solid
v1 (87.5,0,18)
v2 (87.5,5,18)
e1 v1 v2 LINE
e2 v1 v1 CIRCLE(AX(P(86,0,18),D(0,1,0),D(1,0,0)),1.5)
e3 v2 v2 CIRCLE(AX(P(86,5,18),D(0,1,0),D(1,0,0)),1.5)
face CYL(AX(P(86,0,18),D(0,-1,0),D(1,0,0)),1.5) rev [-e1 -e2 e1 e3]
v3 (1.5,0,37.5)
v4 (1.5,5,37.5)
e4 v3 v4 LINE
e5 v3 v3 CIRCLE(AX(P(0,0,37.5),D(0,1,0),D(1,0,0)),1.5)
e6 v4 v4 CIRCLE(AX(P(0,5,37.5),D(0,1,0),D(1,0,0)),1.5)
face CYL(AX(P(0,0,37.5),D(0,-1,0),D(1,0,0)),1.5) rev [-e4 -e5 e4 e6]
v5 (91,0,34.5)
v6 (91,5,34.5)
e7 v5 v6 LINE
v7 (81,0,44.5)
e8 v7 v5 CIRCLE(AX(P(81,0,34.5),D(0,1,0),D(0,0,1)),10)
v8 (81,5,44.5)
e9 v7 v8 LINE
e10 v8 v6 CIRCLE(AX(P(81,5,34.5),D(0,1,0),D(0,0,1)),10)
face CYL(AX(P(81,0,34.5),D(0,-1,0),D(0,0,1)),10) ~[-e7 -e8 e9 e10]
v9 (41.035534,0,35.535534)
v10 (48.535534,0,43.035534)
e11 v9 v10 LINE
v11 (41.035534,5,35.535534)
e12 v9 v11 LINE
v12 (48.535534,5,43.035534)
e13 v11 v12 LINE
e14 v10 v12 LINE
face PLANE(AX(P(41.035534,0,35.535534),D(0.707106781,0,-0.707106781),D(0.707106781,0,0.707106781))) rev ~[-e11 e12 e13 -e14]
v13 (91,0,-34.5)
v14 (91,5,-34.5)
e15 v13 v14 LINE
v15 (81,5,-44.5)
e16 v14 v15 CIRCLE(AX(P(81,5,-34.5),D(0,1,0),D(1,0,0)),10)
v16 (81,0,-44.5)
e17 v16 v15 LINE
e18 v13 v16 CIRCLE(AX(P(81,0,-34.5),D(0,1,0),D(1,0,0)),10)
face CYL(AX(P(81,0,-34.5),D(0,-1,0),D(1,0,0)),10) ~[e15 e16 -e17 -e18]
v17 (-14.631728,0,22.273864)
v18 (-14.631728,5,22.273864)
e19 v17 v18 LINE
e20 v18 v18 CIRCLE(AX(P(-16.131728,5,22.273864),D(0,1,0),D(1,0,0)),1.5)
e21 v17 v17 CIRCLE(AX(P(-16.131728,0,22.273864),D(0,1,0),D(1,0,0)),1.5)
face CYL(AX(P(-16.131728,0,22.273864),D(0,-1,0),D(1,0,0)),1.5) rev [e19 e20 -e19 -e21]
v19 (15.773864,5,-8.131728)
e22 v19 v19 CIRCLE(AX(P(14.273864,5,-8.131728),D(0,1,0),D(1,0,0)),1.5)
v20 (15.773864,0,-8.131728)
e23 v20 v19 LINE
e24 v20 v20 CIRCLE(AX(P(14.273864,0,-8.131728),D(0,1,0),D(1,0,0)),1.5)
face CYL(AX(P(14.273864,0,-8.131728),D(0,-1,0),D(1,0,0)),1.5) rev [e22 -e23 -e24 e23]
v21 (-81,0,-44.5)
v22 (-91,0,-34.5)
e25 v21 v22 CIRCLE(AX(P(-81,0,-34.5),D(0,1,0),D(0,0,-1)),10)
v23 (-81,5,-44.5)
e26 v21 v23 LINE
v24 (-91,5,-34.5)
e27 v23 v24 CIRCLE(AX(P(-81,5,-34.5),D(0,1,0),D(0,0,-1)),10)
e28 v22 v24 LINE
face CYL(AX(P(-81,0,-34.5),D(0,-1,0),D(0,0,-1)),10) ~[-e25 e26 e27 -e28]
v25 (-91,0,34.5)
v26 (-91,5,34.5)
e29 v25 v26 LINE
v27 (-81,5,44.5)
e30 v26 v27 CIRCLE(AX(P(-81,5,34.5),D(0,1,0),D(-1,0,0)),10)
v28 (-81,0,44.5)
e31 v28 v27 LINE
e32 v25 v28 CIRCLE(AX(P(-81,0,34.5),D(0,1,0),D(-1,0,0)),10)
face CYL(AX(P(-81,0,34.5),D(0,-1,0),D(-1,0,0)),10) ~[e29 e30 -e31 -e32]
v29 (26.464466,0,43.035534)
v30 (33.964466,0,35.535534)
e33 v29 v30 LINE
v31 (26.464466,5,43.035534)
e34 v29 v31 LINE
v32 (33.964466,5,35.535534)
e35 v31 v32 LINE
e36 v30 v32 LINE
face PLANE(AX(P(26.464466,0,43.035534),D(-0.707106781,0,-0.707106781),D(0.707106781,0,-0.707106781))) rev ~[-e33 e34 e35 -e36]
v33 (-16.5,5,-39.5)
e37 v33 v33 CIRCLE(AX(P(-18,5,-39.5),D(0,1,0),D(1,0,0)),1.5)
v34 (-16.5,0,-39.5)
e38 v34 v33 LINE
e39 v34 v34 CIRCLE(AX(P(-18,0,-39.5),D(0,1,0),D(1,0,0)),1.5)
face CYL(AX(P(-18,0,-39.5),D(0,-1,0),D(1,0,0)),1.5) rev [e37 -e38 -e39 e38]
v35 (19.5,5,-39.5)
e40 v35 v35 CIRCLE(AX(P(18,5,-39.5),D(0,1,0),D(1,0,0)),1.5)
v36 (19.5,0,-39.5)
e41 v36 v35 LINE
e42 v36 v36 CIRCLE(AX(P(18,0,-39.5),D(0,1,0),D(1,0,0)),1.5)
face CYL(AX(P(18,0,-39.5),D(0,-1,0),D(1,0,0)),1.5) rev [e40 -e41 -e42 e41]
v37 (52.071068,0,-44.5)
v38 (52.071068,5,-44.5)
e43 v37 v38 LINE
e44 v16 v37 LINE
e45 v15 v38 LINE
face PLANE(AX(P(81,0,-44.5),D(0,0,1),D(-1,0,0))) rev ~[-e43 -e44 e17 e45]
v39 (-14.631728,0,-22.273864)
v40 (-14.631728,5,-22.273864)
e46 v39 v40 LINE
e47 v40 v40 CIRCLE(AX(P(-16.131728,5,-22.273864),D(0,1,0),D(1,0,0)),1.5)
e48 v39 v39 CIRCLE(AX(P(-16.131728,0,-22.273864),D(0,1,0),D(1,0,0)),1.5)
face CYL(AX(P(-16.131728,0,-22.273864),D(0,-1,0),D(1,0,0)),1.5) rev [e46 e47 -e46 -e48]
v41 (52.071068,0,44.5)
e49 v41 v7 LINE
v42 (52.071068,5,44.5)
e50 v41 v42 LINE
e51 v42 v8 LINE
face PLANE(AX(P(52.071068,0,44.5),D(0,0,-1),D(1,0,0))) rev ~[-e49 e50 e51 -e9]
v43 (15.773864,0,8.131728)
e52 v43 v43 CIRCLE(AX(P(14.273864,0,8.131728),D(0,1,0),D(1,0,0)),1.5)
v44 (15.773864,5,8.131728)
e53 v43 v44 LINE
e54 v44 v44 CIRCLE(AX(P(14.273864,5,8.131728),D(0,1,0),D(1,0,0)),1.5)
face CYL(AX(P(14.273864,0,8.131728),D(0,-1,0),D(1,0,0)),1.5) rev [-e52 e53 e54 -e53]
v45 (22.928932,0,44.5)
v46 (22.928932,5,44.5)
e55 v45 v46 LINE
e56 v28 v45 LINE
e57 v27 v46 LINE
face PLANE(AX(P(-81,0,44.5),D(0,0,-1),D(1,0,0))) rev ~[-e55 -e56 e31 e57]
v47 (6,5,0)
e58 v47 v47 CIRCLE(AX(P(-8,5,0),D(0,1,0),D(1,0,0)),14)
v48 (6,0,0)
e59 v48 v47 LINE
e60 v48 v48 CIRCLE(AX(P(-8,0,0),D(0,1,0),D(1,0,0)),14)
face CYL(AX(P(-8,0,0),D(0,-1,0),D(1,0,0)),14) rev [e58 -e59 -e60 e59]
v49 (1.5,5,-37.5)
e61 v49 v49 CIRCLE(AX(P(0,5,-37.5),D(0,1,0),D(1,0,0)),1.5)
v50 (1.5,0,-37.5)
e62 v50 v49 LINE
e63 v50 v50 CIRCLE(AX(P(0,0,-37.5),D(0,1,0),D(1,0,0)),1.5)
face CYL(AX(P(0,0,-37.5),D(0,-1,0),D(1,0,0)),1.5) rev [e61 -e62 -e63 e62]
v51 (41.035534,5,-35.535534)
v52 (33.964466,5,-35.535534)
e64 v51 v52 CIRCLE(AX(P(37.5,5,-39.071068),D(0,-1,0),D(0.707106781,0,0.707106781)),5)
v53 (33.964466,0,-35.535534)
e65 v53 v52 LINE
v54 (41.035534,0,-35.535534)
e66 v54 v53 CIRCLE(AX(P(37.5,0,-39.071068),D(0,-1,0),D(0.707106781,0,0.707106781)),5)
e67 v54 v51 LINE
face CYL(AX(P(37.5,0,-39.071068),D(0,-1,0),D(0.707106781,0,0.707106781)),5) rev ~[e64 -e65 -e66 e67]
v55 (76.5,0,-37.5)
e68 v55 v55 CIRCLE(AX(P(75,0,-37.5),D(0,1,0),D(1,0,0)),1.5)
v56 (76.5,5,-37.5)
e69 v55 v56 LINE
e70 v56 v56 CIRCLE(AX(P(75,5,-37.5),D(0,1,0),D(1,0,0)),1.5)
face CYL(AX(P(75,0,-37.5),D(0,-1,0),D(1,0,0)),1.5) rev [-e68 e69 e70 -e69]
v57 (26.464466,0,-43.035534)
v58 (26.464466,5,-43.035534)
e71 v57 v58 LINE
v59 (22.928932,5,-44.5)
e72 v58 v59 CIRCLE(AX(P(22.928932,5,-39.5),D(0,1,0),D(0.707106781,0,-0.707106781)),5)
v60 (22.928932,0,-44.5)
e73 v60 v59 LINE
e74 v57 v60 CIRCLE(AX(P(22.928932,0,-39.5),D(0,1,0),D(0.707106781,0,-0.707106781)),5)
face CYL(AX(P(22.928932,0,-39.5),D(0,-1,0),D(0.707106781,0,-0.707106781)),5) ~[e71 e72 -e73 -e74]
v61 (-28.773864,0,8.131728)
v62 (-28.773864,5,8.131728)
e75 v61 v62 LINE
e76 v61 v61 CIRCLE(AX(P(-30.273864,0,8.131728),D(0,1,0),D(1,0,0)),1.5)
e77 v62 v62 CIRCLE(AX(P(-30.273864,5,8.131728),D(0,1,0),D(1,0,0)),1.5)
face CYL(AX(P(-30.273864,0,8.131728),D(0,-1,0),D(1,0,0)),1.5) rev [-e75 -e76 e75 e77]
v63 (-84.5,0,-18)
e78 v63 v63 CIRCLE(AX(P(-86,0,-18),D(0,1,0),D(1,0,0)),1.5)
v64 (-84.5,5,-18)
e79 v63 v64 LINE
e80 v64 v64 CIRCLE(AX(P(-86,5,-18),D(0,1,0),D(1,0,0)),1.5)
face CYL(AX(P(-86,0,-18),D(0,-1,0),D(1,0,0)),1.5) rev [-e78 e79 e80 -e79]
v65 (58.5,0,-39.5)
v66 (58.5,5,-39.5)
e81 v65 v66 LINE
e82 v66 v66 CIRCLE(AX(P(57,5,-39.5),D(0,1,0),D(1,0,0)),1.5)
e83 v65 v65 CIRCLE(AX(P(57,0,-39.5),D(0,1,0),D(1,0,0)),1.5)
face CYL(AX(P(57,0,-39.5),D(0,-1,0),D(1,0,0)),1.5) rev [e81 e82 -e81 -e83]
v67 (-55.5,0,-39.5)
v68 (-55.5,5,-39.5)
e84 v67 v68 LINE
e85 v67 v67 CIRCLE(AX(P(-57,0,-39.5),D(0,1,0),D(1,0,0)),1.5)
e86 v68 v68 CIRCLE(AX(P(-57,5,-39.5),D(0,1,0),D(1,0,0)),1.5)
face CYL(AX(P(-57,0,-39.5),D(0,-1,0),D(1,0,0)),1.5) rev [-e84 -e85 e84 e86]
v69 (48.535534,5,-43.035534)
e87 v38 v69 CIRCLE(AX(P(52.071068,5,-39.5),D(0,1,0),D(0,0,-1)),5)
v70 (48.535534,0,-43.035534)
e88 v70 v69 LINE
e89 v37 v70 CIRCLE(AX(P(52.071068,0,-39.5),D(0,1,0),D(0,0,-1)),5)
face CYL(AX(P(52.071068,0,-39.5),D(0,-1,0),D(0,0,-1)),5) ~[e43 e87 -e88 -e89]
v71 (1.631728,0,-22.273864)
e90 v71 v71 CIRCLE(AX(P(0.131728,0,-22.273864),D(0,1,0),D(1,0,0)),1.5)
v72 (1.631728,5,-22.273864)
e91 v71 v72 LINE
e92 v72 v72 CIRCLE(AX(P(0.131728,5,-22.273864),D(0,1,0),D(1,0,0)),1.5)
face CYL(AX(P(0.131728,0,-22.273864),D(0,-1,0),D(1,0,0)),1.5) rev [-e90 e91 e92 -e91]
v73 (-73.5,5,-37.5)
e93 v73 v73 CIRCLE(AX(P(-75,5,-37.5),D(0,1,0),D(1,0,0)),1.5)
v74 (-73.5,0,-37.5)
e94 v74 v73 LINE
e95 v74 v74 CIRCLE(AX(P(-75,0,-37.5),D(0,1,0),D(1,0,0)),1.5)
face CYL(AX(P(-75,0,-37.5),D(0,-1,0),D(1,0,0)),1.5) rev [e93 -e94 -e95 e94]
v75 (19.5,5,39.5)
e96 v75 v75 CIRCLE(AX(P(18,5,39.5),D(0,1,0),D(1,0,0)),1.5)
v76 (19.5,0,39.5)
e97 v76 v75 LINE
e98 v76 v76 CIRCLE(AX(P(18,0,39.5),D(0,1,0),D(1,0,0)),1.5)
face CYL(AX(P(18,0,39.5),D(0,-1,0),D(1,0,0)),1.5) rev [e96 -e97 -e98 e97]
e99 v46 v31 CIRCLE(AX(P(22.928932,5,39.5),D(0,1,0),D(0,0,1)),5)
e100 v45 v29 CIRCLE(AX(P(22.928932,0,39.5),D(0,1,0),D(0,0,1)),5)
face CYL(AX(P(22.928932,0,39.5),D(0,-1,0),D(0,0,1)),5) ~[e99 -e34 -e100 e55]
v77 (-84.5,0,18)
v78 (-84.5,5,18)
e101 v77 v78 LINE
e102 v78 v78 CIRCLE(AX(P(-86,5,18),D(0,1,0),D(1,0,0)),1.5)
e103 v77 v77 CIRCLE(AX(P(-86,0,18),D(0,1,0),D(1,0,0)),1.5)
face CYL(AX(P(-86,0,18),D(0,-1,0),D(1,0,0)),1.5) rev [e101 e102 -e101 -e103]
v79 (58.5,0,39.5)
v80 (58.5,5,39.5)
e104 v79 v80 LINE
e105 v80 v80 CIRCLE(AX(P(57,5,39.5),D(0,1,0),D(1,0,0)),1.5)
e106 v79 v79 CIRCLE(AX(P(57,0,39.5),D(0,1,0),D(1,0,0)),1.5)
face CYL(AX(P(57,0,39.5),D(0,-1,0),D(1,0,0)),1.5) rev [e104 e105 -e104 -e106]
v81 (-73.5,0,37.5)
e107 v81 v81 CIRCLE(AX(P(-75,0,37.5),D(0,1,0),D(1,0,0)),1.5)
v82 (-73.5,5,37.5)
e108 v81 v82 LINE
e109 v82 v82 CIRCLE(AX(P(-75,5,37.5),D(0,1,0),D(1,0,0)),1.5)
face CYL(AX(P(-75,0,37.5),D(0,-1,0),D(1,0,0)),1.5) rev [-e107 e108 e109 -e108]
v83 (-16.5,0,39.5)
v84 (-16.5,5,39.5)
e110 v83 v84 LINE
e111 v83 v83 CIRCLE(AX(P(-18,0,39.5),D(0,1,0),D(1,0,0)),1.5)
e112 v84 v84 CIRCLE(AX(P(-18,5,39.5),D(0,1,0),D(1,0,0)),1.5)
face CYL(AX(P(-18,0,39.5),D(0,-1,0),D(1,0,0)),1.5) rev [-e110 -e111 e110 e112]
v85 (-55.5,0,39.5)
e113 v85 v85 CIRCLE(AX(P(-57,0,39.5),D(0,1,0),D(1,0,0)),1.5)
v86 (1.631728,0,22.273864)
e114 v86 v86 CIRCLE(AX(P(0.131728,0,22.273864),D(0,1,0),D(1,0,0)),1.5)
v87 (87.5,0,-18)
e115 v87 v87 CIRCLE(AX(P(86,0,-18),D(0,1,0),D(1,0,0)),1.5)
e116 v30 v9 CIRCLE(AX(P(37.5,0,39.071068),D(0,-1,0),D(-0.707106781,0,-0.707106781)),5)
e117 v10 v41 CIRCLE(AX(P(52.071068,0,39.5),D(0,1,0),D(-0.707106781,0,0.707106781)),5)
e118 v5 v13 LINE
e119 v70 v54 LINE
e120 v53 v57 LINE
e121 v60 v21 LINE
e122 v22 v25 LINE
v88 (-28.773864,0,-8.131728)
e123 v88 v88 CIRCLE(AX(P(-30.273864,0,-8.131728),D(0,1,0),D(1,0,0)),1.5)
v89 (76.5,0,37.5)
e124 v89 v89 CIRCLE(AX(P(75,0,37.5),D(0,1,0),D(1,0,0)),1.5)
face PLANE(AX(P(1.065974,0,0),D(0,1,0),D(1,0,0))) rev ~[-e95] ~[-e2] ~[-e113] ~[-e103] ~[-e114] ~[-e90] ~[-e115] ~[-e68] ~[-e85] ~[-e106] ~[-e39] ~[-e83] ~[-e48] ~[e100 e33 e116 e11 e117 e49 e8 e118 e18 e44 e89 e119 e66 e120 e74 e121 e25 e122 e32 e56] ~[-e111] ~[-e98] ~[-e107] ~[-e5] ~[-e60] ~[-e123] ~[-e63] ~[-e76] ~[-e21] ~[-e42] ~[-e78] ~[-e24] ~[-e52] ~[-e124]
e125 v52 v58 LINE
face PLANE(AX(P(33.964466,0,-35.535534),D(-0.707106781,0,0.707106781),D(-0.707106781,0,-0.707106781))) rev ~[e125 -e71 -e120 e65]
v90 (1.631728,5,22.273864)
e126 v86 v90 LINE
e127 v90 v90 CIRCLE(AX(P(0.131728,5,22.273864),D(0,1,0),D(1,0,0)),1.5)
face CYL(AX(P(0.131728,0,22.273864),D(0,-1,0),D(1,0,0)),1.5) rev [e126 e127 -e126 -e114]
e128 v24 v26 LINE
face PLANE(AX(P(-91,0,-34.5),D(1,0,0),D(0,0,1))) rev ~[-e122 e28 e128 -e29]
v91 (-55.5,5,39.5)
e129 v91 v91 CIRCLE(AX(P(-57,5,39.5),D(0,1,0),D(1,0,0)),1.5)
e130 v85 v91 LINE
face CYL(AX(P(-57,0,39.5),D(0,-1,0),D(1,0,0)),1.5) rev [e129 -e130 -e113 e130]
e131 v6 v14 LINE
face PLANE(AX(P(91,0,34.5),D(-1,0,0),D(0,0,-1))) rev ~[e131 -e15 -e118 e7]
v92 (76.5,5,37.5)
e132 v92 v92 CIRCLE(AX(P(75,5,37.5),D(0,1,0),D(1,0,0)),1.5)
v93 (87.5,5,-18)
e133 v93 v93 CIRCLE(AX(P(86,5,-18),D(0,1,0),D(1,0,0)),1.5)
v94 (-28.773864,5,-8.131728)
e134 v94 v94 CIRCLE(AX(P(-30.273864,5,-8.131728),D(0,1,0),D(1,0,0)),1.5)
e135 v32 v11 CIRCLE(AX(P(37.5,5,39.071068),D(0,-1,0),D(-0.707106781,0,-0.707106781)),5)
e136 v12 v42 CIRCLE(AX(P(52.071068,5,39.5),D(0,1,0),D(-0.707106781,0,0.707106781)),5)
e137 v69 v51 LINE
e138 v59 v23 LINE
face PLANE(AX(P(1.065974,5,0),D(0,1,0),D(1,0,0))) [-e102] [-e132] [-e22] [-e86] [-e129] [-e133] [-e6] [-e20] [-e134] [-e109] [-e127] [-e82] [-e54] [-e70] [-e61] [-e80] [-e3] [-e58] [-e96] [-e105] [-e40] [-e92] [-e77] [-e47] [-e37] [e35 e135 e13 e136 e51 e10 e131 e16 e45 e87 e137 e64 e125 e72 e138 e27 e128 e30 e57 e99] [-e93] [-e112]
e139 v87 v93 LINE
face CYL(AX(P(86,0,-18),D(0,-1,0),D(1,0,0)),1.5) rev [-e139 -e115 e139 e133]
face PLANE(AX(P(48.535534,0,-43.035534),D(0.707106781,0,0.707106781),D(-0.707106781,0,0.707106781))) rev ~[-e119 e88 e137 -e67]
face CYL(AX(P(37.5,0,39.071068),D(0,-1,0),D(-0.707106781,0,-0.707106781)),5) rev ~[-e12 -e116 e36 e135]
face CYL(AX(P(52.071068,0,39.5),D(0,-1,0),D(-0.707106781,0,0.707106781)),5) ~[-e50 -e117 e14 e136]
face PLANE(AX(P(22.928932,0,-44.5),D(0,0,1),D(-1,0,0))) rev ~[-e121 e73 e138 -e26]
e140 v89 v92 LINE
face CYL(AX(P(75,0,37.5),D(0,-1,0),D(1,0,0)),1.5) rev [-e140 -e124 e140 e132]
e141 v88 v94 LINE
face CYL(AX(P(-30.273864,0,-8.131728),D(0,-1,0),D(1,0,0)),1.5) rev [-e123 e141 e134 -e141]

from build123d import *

# Parameters (mm, degrees)
SKETCH1_R           = 14
SKETCH1_R_2         = 1.5
BOSS_EXTRUDE1_DEPTH = 5


with BuildPart() as part:
    # Sketch1 → Boss-Extrude1 (new body)
    with BuildSketch(Plane(origin=(0, 0, 0), x_dir=(1, 0, 0), z_dir=(0, 1, 0))):
        with BuildLine():
            Line((26.464466094, -43.035533906), (33.964466094, -35.535533906))
            ThreePointArc((33.964466094, -35.535533906), (37.5, -34.071067812), (41.035533906, -35.535533906))
            Line((41.035533906, -35.535533906), (48.535533906, -43.035533906))
            ThreePointArc((48.535533906, -43.035533906), (50.15765065, -44.119397663), (52.071067812, -44.5))
            Line((52.071067812, -44.5), (81, -44.5))
            ThreePointArc((81, -44.5), (88.071067812, -41.571067812), (91, -34.5))
            Line((91, -34.5), (91, 34.5))
            ThreePointArc((91, 34.5), (88.071067812, 41.571067812), (81, 44.5))
            Line((81, 44.5), (52.071067812, 44.5))
            ThreePointArc((52.071067812, 44.5), (50.15765065, 44.119397663), (48.535533906, 43.035533906))
            Line((48.535533906, 43.035533906), (41.035533906, 35.535533906))
            ThreePointArc((41.035533906, 35.535533906), (37.5, 34.071067812), (33.964466094, 35.535533906))
            Line((33.964466094, 35.535533906), (26.464466094, 43.035533906))
            ThreePointArc((26.464466094, 43.035533906), (24.84234935, 44.119397663), (22.928932188, 44.5))
            Line((22.928932188, 44.5), (-81, 44.5))
            ThreePointArc((-81, 44.5), (-88.071067812, 41.571067812), (-91, 34.5))
            Line((-91, 34.5), (-91, -34.5))
            ThreePointArc((-91, -34.5), (-88.071067812, -41.571067812), (-81, -44.5))
            Line((-81, -44.5), (22.928932188, -44.5))
            ThreePointArc((22.928932188, -44.5), (24.84234935, -44.119397663), (26.464466094, -43.035533906))
        make_face()
        with Locations((-8, 0)):
            Circle(SKETCH1_R, mode=Mode.SUBTRACT)
        with Locations((-30.273863607, 8.131727984)):
            Circle(SKETCH1_R_2, mode=Mode.SUBTRACT)
        with Locations((-16.131727984, 22.273863607)):
            Circle(SKETCH1_R_2, mode=Mode.SUBTRACT)
        with Locations((0.131727984, 22.273863607)):
            Circle(SKETCH1_R_2, mode=Mode.SUBTRACT)
        with Locations((14.273863607, 8.131727984)):
            Circle(SKETCH1_R_2, mode=Mode.SUBTRACT)
        with Locations((14.273863607, -8.131727984)):
            Circle(SKETCH1_R_2, mode=Mode.SUBTRACT)
        with Locations((0.131727984, -22.273863607)):
            Circle(SKETCH1_R_2, mode=Mode.SUBTRACT)
        with Locations((-16.131727984, -22.273863607)):
            Circle(SKETCH1_R_2, mode=Mode.SUBTRACT)
        with Locations((-30.273863607, -8.131727984)):
            Circle(SKETCH1_R_2, mode=Mode.SUBTRACT)
        with Locations((-75, -37.5)):
            Circle(SKETCH1_R_2, mode=Mode.SUBTRACT)
        with Locations((-57, -39.5)):
            Circle(SKETCH1_R_2, mode=Mode.SUBTRACT)
        with Locations((-18, -39.5)):
            Circle(SKETCH1_R_2, mode=Mode.SUBTRACT)
        with Locations((0, -37.5)):
            Circle(SKETCH1_R_2, mode=Mode.SUBTRACT)
        with Locations((18, -39.5)):
            Circle(SKETCH1_R_2, mode=Mode.SUBTRACT)
        with Locations((57, -39.5)):
            Circle(SKETCH1_R_2, mode=Mode.SUBTRACT)
        with Locations((75, -37.5)):
            Circle(SKETCH1_R_2, mode=Mode.SUBTRACT)
        with Locations((86, -18)):
            Circle(SKETCH1_R_2, mode=Mode.SUBTRACT)
        with Locations((86, 18)):
            Circle(SKETCH1_R_2, mode=Mode.SUBTRACT)
        with Locations((75, 37.5)):
            Circle(SKETCH1_R_2, mode=Mode.SUBTRACT)
        with Locations((57, 39.5)):
            Circle(SKETCH1_R_2, mode=Mode.SUBTRACT)
        with Locations((18, 39.5)):
            Circle(SKETCH1_R_2, mode=Mode.SUBTRACT)
        with Locations((0, 37.5)):
            Circle(SKETCH1_R_2, mode=Mode.SUBTRACT)
        with Locations((-18, 39.5)):
            Circle(SKETCH1_R_2, mode=Mode.SUBTRACT)
        with Locations((-57, 39.5)):
            Circle(SKETCH1_R_2, mode=Mode.SUBTRACT)
        with Locations((-75, 37.5)):
            Circle(SKETCH1_R_2, mode=Mode.SUBTRACT)
        with Locations((-86, 18)):
            Circle(SKETCH1_R_2, mode=Mode.SUBTRACT)
        with Locations((-86, -18)):
            Circle(SKETCH1_R_2, mode=Mode.SUBTRACT)
    extrude(amount=BOSS_EXTRUDE1_DEPTH)


solid = part.part
